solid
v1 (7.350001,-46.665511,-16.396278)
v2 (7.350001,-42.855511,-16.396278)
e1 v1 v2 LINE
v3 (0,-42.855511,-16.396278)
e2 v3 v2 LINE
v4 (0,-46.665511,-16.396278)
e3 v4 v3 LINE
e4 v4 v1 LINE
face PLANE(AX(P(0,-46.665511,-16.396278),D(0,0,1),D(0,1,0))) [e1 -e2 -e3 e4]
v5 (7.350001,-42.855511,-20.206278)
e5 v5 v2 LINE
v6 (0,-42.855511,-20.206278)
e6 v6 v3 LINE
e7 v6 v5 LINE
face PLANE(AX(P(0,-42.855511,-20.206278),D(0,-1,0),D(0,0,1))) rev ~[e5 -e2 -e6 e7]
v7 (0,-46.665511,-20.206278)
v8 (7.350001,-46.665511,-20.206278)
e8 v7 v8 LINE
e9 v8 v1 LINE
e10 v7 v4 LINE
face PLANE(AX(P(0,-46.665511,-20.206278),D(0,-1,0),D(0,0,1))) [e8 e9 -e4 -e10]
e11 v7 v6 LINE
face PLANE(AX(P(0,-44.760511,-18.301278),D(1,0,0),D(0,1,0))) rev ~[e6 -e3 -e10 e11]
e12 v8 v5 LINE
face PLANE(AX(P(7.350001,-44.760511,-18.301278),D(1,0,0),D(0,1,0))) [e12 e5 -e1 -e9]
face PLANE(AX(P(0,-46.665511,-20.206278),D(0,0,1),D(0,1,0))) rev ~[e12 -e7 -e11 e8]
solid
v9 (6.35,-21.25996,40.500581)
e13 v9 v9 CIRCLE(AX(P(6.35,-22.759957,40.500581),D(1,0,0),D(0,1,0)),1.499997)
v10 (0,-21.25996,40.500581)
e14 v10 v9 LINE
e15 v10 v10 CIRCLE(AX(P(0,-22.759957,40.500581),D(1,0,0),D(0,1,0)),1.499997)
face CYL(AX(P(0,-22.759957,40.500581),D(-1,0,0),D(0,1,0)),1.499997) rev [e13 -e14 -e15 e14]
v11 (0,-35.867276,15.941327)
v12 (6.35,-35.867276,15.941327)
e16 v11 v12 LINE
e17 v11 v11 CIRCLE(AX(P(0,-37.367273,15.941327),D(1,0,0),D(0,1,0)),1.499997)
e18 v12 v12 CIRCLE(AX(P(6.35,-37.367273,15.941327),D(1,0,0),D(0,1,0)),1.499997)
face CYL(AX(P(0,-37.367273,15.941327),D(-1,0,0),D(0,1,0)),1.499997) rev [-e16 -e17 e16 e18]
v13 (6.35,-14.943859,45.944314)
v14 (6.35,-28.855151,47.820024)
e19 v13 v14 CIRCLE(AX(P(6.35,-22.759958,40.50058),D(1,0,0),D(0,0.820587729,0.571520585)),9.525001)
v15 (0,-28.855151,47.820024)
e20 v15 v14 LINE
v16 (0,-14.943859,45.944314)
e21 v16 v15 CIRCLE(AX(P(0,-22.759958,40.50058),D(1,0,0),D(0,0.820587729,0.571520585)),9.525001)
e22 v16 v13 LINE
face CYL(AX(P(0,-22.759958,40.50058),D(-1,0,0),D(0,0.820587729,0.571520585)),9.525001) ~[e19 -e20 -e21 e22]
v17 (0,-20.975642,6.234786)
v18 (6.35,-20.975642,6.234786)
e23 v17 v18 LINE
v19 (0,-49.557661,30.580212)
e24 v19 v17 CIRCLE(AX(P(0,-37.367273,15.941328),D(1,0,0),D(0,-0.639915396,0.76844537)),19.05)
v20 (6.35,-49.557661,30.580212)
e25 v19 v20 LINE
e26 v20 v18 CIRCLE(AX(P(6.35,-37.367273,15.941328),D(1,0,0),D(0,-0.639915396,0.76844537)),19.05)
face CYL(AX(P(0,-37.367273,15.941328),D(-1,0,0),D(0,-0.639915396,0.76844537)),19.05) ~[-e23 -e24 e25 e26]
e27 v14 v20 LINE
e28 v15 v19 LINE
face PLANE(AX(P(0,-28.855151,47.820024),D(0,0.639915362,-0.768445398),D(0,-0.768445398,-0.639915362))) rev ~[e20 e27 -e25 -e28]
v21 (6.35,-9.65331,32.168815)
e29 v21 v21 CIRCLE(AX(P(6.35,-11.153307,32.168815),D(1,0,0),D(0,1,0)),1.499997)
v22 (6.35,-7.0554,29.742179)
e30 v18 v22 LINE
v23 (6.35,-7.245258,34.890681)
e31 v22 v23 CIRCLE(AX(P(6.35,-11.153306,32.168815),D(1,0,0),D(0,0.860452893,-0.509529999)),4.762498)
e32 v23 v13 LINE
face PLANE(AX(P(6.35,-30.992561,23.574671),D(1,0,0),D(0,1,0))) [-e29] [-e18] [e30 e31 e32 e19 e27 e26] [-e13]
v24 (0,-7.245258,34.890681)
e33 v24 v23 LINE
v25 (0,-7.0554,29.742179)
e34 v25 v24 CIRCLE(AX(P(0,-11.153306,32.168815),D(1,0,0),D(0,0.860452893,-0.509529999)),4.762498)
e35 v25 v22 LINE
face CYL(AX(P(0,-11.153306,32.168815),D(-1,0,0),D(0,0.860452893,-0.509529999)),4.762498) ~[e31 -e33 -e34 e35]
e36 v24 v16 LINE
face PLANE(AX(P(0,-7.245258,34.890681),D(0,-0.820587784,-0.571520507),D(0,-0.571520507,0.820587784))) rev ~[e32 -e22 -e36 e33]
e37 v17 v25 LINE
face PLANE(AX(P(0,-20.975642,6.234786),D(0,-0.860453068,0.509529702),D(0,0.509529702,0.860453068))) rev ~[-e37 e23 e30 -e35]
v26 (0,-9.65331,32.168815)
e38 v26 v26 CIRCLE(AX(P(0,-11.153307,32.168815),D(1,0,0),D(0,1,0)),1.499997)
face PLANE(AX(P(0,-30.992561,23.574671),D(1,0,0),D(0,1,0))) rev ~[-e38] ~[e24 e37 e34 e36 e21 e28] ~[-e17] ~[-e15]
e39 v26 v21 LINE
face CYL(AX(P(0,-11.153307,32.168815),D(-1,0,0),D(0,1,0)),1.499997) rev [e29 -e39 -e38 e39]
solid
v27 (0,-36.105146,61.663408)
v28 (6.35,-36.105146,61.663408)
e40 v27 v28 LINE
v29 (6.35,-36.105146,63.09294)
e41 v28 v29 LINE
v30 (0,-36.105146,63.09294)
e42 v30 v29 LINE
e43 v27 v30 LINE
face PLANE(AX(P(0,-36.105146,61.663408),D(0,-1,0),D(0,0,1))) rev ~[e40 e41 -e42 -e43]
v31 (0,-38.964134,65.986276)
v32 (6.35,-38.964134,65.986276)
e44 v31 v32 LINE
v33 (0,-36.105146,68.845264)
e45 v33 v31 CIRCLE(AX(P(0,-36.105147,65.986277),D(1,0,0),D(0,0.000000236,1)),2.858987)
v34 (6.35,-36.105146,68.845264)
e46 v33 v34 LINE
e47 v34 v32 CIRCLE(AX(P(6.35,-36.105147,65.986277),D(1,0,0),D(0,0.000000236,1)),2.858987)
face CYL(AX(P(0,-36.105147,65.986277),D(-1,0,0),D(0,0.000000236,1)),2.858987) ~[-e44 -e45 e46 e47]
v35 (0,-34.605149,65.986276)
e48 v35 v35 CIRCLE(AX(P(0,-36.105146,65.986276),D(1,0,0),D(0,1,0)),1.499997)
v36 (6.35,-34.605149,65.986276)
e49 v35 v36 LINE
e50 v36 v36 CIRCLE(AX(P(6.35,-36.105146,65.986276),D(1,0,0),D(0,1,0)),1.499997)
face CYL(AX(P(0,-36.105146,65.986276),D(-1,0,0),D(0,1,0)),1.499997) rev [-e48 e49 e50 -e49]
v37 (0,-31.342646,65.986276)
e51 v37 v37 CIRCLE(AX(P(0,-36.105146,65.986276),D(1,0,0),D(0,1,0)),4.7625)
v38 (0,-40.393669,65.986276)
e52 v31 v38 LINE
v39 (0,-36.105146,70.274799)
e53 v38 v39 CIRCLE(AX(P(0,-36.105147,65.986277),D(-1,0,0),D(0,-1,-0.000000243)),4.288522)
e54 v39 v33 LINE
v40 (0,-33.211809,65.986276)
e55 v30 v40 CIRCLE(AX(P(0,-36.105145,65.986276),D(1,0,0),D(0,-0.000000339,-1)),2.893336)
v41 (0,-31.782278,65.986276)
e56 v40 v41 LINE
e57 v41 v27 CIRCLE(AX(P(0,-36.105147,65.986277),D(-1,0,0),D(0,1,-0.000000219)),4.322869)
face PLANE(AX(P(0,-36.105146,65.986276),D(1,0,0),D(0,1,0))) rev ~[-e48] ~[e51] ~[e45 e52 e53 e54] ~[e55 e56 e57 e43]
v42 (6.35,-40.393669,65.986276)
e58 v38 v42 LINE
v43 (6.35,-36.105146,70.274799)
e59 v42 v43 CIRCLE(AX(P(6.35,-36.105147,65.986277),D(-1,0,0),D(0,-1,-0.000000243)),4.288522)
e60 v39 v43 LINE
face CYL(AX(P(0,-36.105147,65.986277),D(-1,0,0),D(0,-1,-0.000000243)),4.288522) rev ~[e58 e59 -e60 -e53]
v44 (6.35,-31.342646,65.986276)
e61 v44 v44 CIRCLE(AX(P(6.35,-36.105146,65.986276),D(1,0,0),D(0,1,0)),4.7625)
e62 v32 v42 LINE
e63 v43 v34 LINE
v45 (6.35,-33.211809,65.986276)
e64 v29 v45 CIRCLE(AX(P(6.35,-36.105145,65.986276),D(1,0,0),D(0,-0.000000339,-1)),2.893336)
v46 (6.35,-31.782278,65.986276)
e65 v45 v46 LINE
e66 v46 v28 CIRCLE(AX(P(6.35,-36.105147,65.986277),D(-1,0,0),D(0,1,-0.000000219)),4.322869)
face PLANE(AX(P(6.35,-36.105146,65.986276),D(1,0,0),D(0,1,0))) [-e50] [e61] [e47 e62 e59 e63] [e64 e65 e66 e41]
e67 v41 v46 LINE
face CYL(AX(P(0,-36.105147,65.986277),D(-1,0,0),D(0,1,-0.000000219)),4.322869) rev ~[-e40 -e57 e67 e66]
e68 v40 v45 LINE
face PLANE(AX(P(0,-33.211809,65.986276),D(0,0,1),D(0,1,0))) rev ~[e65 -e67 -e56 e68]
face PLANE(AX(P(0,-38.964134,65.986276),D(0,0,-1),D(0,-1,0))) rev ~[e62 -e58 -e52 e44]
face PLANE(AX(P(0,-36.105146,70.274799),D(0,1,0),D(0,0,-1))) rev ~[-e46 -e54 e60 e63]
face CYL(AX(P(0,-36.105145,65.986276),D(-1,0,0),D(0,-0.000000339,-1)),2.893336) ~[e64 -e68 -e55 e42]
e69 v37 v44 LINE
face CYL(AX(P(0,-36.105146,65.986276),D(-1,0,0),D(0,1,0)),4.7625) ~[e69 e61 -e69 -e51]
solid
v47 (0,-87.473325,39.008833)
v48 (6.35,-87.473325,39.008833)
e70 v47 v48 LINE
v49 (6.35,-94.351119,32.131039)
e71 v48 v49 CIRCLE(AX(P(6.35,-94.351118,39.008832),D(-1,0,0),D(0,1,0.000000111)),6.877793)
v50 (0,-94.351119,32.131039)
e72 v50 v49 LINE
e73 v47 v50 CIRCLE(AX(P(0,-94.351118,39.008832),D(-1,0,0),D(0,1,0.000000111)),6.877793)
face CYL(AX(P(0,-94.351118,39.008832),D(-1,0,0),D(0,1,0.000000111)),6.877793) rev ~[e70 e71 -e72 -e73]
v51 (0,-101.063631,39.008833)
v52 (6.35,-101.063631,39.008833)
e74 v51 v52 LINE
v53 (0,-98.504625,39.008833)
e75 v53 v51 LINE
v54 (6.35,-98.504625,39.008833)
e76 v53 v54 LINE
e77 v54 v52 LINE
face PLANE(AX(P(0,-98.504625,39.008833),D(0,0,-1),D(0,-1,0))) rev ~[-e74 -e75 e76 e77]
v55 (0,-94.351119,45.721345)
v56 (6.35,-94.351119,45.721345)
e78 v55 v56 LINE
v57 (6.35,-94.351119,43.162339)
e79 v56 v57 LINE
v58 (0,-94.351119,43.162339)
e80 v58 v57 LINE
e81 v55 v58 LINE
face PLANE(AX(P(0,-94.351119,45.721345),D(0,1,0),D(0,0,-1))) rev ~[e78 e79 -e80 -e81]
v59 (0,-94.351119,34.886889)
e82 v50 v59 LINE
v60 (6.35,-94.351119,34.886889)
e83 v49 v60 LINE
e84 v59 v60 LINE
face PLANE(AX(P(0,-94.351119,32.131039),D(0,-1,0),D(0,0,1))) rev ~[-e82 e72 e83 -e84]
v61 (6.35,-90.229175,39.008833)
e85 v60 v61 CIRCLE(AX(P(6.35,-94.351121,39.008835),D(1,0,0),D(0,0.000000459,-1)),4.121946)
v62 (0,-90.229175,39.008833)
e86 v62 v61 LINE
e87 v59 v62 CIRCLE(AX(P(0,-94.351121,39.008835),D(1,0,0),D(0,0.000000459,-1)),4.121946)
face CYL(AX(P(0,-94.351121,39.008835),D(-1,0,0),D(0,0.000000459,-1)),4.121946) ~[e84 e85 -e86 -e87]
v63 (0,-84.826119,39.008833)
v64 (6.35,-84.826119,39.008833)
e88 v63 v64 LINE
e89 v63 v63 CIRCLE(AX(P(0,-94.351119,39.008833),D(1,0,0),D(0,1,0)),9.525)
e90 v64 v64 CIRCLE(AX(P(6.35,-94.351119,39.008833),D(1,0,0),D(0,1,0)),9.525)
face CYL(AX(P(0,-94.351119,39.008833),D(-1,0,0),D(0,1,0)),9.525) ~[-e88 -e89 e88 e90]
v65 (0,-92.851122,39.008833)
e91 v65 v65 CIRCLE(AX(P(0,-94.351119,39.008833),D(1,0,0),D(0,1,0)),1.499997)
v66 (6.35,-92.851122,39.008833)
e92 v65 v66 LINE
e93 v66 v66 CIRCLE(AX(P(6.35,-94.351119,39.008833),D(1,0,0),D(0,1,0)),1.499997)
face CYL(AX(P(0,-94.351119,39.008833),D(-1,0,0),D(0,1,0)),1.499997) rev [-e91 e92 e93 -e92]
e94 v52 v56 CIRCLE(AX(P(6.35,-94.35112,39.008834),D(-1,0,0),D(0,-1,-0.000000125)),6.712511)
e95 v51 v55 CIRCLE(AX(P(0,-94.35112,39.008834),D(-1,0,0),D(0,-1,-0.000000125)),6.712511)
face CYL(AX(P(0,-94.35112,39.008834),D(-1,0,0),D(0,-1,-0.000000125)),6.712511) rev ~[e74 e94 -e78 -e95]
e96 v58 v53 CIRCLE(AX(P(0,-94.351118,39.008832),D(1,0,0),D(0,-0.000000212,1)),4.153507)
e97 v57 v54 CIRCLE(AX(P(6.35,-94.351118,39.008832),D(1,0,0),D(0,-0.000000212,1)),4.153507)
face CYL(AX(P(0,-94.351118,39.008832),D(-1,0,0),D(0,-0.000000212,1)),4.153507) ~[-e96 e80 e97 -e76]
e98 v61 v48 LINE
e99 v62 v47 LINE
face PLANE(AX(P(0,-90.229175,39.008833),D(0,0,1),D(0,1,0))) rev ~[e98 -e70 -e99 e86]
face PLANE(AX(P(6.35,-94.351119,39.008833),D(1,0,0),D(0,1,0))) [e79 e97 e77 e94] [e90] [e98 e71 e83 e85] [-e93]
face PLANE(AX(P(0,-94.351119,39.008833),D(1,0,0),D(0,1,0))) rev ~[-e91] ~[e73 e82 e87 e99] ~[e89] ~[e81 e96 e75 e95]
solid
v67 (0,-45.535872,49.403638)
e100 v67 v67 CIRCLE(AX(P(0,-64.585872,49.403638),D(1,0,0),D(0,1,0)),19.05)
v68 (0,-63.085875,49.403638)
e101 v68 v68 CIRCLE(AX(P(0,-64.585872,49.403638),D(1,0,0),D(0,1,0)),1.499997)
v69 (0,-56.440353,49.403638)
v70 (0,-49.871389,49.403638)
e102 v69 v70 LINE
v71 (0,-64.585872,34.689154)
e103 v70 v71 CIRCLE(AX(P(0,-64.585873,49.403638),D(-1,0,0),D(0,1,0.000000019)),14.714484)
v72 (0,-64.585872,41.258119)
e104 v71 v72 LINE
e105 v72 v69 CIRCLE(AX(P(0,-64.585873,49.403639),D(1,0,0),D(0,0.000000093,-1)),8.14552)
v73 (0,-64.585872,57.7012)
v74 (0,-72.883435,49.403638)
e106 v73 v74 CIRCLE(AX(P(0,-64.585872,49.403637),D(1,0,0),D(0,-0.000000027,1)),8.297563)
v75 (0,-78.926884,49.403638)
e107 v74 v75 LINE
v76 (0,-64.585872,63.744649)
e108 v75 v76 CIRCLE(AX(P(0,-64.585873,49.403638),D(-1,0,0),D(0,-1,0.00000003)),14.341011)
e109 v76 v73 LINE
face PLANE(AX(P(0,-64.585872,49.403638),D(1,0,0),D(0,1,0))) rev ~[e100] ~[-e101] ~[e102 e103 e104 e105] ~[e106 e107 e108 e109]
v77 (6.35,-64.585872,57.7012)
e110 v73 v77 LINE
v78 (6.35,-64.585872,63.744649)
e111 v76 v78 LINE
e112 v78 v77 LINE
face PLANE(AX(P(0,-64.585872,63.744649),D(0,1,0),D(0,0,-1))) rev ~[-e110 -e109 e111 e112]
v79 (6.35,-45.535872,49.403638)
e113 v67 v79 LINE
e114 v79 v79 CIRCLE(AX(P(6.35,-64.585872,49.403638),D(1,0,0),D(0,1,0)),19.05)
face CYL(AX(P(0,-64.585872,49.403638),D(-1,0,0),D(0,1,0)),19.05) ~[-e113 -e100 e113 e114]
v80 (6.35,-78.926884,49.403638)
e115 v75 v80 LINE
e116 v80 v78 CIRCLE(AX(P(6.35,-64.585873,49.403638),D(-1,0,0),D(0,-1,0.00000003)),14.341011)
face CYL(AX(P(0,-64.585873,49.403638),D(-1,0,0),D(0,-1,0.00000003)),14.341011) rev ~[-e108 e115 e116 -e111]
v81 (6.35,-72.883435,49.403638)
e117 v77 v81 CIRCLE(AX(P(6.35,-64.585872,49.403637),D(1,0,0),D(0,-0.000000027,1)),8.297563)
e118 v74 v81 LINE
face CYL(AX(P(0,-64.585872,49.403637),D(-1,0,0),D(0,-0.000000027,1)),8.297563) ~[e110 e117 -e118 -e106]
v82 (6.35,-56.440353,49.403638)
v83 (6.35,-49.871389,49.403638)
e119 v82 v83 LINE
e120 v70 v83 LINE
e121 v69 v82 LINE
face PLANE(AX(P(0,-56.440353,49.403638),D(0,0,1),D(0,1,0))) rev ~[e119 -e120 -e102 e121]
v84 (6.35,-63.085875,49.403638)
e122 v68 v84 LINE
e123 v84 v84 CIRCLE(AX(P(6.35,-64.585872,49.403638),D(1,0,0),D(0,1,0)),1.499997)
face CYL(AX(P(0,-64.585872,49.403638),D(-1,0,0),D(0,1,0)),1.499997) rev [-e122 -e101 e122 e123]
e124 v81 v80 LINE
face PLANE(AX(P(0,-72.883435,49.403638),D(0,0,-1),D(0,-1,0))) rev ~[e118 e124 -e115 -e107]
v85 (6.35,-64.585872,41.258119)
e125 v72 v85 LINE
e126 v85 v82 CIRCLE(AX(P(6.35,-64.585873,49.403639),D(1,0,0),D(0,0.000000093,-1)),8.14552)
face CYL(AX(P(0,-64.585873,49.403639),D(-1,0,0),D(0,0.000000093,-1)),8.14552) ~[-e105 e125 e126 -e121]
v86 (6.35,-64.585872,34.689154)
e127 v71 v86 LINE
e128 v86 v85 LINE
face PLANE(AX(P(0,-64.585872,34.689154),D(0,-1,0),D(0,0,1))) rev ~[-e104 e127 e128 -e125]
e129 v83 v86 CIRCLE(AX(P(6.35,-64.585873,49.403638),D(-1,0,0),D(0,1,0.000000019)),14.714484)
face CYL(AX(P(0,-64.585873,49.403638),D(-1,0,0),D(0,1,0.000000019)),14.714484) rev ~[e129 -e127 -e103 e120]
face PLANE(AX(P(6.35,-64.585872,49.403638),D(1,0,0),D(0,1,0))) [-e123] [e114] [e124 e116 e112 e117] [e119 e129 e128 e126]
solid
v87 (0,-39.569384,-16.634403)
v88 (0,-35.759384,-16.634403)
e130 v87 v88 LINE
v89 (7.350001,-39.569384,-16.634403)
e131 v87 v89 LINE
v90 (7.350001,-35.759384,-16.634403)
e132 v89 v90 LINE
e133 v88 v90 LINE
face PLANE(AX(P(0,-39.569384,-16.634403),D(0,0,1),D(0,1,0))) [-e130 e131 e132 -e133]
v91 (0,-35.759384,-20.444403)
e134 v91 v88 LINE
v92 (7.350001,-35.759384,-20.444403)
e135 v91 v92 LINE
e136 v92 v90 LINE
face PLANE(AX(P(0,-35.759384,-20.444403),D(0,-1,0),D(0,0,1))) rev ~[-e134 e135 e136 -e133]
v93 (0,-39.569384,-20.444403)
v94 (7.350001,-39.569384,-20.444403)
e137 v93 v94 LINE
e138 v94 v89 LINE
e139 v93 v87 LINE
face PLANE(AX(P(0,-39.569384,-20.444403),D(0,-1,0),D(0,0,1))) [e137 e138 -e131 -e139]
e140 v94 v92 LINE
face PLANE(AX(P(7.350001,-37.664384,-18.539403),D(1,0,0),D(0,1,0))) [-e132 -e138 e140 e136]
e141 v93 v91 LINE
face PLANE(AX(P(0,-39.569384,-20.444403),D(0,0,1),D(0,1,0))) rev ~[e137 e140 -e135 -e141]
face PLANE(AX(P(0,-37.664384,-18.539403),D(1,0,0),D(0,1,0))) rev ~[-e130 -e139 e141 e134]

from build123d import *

# Parameters (mm, degrees)
F0_R     = 1.499997
F0_R_2   = 9.525
F0_R_3   = 19.05
F0_R_4   = 4.7625
F1_DEPTH = 6.35
F2_W     = 3.81
F2_H     = 3.81
F3_DEPTH = 7.350001


with BuildPart() as f1:
    # F0 (on Right) → F1 (new body)
    with BuildSketch(Plane.YZ):
        with BuildLine():
            Line((-20.975642, 6.234786), (-7.0554, 29.742179))
            ThreePointArc((-7.0554, 29.742179), (-6.394042, 32.344319), (-7.245258, 34.890681))
            Line((-7.245258, 34.890681), (-14.943859, 45.944314))
            ThreePointArc((-14.943859, 45.944314), (-21.487185, 49.940161), (-28.855151, 47.820024))
            Line((-28.855151, 47.820024), (-49.557661, 30.580212))
            ThreePointArc((-49.557661, 30.580212), (-49.719906, 1.439088), (-20.975642, 6.234786))
        make_face()
        with Locations((-37.367273, 15.941327)):
            Circle(F0_R, mode=Mode.SUBTRACT)
        with Locations((-11.153307, 32.168815)):
            Circle(F0_R, mode=Mode.SUBTRACT)
        with Locations((-22.759957, 40.500581)):
            Circle(F0_R, mode=Mode.SUBTRACT)
        with Locations((-94.351119, 39.008833)):
            Circle(F0_R_2)
        with Locations((-94.351119, 39.008833)):
            Circle(F0_R, mode=Mode.SUBTRACT)
        with BuildLine():
            Line((-98.504625, 39.008833), (-101.063631, 39.008833))
            ThreePointArc((-101.063631, 39.008833), (-99.097582, 43.755296), (-94.351119, 45.721345))
            Line((-94.351119, 45.721345), (-94.351119, 43.162339))
            ThreePointArc((-94.351119, 43.162339), (-97.288091, 41.945805), (-98.504625, 39.008833))
        make_face(mode=Mode.SUBTRACT)
        with BuildLine():
            ThreePointArc((-87.473325, 39.008833), (-89.487784, 34.145498), (-94.351119, 32.131039))
            Line((-94.351119, 32.131039), (-94.351119, 34.886889))
            ThreePointArc((-94.351119, 34.886889), (-91.436465, 36.094179), (-90.229175, 39.008833))
            Line((-90.229175, 39.008833), (-87.473325, 39.008833))
        make_face(mode=Mode.SUBTRACT)
        with Locations((-64.585872, 49.403638)):
            Circle(F0_R_3)
        with BuildLine():
            Line((-64.585872, 34.689154), (-64.585872, 41.258119))
            ThreePointArc((-64.585872, 41.258119), (-58.826121, 43.643886), (-56.440353, 49.403638))
            Line((-56.440353, 49.403638), (-49.871389, 49.403638))
            ThreePointArc((-49.871389, 49.403638), (-54.181161, 38.998927), (-64.585872, 34.689154))
        make_face(mode=Mode.SUBTRACT)
        with Locations((-64.585872, 49.403638)):
            Circle(F0_R, mode=Mode.SUBTRACT)
        with BuildLine():
            ThreePointArc((-64.585872, 57.7012), (-70.453135, 55.2709), (-72.883435, 49.403638))
            Line((-72.883435, 49.403638), (-78.926884, 49.403638))
            ThreePointArc((-78.926884, 49.403638), (-74.726499, 59.544264), (-64.585872, 63.744649))
            Line((-64.585872, 63.744649), (-64.585872, 57.7012))
        make_face(mode=Mode.SUBTRACT)
        with Locations((-36.105146, 65.986276)):
            Circle(F0_R_4)
        with BuildLine():
            Line((-36.105146, 61.663408), (-36.105146, 63.09294))
            ThreePointArc((-36.105146, 63.09294), (-34.059248, 63.940378), (-33.211809, 65.986276))
            Line((-33.211809, 65.986276), (-31.782278, 65.986276))
            ThreePointArc((-31.782278, 65.986276), (-33.048417, 62.929547), (-36.105146, 61.663408))
        make_face(mode=Mode.SUBTRACT)
        with Locations((-36.105146, 65.986276)):
            Circle(F0_R, mode=Mode.SUBTRACT)
        with BuildLine():
            ThreePointArc((-36.105146, 68.845264), (-38.126756, 68.007886), (-38.964134, 65.986276))
            Line((-38.964134, 65.986276), (-40.393669, 65.986276))
            ThreePointArc((-40.393669, 65.986276), (-39.13759, 69.01872), (-36.105146, 70.274799))
            Line((-36.105146, 70.274799), (-36.105146, 68.845264))
        make_face(mode=Mode.SUBTRACT)
    extrude(amount=F1_DEPTH)


with BuildPart() as f3:
    # F2 (on Right) → F3 (new body)
    with BuildSketch(Plane.YZ):
        with Locations((-44.760511, -18.301278)):
            Rectangle(F2_W, F2_H)
        with Locations((-37.664384, -18.539403)):
            Rectangle(F2_W, F2_H)
    extrude(amount=F3_DEPTH)


solid = Compound([f1.part, f3.part])
